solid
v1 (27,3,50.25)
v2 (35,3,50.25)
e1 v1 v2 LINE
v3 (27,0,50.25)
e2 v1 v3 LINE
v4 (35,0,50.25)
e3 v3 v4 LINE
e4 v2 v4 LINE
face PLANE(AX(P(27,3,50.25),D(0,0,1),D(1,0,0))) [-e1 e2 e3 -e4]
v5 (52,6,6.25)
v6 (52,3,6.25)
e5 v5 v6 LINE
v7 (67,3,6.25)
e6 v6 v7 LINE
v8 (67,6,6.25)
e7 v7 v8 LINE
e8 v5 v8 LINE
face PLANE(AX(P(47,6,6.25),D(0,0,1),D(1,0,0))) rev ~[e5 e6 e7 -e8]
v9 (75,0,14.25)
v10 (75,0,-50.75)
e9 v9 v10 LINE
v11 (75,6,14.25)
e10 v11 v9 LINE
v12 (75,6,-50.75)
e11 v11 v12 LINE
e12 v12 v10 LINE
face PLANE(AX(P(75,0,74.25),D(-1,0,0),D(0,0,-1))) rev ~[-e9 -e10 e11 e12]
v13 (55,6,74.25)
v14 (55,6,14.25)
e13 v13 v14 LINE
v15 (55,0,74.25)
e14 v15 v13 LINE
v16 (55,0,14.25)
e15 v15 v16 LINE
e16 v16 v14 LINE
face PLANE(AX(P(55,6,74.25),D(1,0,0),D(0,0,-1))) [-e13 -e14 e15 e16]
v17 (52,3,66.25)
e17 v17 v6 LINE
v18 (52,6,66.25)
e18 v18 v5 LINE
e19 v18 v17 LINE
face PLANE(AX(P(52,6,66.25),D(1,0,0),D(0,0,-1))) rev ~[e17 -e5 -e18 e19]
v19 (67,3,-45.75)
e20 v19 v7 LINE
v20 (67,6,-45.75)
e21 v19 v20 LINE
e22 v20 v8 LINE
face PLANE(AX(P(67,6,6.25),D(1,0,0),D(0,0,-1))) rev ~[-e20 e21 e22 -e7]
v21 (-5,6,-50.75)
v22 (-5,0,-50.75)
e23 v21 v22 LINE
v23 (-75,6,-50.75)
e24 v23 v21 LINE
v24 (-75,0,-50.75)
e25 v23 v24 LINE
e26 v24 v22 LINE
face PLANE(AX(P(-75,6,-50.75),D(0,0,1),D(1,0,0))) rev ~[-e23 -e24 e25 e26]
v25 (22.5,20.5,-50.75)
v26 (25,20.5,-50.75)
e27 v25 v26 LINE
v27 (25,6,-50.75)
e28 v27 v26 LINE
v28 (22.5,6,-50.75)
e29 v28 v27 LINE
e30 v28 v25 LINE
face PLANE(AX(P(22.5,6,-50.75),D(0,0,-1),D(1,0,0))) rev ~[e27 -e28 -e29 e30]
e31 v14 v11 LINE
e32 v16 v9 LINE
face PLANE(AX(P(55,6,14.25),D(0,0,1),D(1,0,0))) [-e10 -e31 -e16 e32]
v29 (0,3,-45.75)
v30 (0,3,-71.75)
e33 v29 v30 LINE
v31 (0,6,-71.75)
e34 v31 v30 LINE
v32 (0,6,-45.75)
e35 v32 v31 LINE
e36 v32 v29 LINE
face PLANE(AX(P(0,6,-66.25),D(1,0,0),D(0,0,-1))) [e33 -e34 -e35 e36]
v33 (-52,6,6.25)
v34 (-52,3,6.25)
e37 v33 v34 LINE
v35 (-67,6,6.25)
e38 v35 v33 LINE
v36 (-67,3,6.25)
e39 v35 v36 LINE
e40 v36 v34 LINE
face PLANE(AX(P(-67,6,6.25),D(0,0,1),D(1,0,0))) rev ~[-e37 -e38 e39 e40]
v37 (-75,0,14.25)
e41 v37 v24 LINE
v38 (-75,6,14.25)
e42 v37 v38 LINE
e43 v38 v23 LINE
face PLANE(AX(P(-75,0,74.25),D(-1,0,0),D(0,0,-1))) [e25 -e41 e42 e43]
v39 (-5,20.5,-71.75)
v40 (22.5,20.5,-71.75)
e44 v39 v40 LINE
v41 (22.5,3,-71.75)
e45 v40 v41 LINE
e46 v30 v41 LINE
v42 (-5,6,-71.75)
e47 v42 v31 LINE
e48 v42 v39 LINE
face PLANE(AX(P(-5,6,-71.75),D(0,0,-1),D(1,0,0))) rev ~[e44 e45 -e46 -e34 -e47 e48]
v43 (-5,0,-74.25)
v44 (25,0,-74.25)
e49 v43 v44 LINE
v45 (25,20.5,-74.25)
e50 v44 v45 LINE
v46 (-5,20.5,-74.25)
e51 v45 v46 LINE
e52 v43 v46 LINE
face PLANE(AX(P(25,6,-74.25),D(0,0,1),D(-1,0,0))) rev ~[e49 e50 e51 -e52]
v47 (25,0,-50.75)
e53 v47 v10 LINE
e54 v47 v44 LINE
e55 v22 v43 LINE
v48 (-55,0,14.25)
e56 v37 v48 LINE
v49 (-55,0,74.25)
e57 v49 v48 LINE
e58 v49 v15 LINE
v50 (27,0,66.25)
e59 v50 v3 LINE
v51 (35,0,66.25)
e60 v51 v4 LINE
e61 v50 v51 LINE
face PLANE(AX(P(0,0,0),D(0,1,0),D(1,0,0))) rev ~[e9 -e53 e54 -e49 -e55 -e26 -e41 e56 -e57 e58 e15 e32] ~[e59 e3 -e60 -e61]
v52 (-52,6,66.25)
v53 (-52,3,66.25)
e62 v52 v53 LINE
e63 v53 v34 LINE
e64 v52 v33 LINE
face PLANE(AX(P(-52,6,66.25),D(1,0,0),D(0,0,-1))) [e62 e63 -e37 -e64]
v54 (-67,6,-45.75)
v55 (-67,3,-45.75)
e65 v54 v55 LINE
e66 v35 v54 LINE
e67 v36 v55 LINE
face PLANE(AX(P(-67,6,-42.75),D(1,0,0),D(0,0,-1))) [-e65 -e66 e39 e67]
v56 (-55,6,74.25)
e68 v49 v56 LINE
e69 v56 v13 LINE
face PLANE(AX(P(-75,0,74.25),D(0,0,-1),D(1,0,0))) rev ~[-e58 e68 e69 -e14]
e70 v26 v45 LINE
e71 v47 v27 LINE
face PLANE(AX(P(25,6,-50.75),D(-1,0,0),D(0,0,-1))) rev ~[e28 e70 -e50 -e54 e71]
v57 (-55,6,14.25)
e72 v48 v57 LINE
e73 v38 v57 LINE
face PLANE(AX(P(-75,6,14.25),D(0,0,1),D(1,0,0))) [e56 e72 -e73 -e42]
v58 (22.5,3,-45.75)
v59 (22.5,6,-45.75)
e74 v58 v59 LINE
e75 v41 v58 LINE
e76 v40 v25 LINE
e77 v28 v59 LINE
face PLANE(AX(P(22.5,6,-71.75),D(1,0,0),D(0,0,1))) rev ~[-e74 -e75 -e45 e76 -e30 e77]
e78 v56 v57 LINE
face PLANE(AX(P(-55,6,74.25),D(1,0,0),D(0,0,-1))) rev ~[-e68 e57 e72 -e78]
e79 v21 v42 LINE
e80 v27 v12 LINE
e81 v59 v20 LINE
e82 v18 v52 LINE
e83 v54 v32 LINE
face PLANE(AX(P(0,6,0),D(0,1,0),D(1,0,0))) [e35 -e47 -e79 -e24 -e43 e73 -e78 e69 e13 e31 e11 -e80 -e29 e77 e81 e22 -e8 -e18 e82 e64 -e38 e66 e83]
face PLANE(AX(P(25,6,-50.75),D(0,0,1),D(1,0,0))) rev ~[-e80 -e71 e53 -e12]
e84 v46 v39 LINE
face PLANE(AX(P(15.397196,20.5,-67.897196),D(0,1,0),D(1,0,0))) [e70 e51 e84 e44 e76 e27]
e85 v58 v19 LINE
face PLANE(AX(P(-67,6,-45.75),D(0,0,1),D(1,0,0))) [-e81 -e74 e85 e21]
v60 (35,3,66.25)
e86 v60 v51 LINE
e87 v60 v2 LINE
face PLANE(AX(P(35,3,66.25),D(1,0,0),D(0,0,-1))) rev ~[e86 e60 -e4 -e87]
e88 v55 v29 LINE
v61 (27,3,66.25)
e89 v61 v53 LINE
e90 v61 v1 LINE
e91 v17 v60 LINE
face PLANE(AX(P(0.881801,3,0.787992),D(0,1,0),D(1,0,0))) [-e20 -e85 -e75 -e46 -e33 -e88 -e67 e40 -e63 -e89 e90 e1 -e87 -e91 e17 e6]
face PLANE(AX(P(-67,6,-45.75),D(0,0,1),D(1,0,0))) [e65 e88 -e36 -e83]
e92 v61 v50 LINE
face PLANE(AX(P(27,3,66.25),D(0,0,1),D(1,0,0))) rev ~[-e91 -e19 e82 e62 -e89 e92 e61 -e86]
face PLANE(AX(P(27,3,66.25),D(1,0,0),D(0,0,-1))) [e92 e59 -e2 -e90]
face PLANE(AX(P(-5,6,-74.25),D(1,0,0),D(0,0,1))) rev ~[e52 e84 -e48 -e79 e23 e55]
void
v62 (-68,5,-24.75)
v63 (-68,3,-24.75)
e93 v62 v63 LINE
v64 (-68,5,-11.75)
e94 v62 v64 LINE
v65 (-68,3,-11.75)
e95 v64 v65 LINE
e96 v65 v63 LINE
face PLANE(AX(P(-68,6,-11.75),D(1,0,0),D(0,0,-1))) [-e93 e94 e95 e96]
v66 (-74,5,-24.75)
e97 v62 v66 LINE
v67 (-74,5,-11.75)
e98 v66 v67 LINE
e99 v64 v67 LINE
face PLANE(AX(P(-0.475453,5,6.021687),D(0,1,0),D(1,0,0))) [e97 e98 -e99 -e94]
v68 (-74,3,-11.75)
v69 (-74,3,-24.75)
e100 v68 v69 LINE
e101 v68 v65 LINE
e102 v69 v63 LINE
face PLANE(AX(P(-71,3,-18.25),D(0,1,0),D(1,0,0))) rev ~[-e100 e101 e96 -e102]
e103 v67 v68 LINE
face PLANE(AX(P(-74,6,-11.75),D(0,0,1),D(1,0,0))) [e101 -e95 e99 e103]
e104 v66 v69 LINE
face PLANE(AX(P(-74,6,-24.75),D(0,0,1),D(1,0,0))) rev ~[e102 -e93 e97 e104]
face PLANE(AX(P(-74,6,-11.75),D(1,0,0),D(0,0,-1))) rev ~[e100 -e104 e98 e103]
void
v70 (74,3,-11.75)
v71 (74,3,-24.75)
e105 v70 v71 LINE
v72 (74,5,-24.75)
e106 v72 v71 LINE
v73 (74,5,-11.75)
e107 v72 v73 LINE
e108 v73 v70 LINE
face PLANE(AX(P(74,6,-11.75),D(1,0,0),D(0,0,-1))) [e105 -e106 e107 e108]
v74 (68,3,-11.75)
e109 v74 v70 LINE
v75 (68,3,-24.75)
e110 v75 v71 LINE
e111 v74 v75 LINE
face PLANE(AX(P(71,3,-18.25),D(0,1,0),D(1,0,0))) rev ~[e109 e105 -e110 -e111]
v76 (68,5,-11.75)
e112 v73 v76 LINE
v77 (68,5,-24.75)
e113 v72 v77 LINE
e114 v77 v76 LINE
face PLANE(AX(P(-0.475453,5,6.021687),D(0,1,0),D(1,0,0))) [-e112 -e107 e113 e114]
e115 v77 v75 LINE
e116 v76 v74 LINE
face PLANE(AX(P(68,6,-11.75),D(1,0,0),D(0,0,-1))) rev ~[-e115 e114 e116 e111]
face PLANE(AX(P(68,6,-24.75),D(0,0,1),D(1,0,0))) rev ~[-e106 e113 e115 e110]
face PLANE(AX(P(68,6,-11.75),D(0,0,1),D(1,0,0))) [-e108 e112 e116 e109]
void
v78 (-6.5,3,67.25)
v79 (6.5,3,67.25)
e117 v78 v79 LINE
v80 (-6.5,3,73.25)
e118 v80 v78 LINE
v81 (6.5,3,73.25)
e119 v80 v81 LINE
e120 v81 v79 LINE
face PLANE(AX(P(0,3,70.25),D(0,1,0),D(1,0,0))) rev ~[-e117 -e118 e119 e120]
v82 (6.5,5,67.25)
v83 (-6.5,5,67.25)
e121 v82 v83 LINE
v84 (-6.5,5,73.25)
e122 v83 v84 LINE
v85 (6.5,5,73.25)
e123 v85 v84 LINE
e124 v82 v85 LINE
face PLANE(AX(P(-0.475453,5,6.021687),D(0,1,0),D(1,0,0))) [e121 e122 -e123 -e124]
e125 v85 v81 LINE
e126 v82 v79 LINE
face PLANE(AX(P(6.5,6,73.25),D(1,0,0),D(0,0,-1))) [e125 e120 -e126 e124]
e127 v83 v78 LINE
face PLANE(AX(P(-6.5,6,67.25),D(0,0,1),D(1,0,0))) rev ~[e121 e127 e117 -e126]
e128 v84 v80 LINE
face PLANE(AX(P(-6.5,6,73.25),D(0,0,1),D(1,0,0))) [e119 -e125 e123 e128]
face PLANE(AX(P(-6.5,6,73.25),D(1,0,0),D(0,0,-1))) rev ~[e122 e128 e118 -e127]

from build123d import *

# Parameters (mm, degrees)
CROQUIS1_W              = 150
CROQUIS1_H              = 148.5
SALIENTE_EXTRUIR1_DEPTH = 6
CROQUIS2_W              = 50
CROQUIS2_H              = 23.5
CROQUIS2_W_2            = 70
CROQUIS2_W_3            = 20
CROQUIS2_H_2            = 60
CORTAR_EXTRUIR2_DEPTH   = 8
CORTAR_EXTRUIR3_DEPTH   = 3
CROQUIS4_W              = 134
CROQUIS4_H              = 3
CROQUIS4_W_2            = 5
CROQUIS4_H_2            = 60
CROQUIS4_W_3            = 22.5
CROQUIS4_H_3            = 5.5
CORTAR_EXTRUIR4_DEPTH   = 3
CROQUIS5_W              = 3
CROQUIS5_H              = 20.5
CROQUIS5_W_2            = 5.5
CORTAR_EXTRUIR5_DEPTH   = 3
SALIENTE_EXTRUIR3_DEPTH = 14.5
CROQUIS8_W              = 6
CROQUIS8_H              = 13
CROQUIS8_W_2            = 13
CROQUIS8_H_2            = 6
CORTAR_EXTRUIR6_DEPTH   = 3
CROQUIS9_W              = 8
CROQUIS9_H              = 16
CORTAR_EXTRUIR7_DEPTH   = 107.978093552
SALIENTE_EXTRUIR4_DEPTH = 1


with BuildPart() as part:
    # Croquis1 → Saliente-Extruir1 (new body)
    with BuildSketch(Plane(origin=(0, 0, 0), x_dir=(1, 0, 0), z_dir=(0, 1, 0))):
        Rectangle(CROQUIS1_W, CROQUIS1_H)
    extrude(amount=SALIENTE_EXTRUIR1_DEPTH)

    # Croquis2 → Cortar-Extruir2 (cut)
    with BuildSketch(Plane(origin=(0, 6, 0), x_dir=(1, 0, 0), z_dir=(0, 1, 0))):
        with Locations((50, 62.5)):
            Rectangle(CROQUIS2_W, CROQUIS2_H)
        with Locations((-40, 62.5)):
            Rectangle(CROQUIS2_W_2, CROQUIS2_H)
        with Locations((-65, -44.25)):
            Rectangle(CROQUIS2_W_3, CROQUIS2_H_2)
        with Locations((65, -44.25)):
            Rectangle(CROQUIS2_W_3, CROQUIS2_H_2)
    extrude(amount=-CORTAR_EXTRUIR2_DEPTH, mode=Mode.SUBTRACT)

    # Croquis3 → Cortar-Extruir3 (cut)
    with BuildSketch(Plane(origin=(0, 6, 0), x_dir=(1, 0, 0), z_dir=(0, 1, 0))):
        Polygon((47, -6.25), (67, -6.25), (67, 42.75), (17, 42.75), (17, 66.25), (3, 66.25), (3, 42.75), (-67, 42.75), (-67, -6.25), (-47, -6.25), (-47, -66.25), (47, -66.25), align=None)
    extrude(amount=-CORTAR_EXTRUIR3_DEPTH, mode=Mode.SUBTRACT)

    # Croquis4 → Cortar-Extruir4 (cut)
    with BuildSketch(Plane(origin=(0, 6, 0), x_dir=(1, 0, 0), z_dir=(0, 1, 0))):
        with Locations((0, 44.25)):
            Rectangle(CROQUIS4_W, CROQUIS4_H)
        with Locations((-49.5, -36.25)):
            Rectangle(CROQUIS4_W_2, CROQUIS4_H_2)
        with Locations((49.5, -36.25)):
            Rectangle(CROQUIS4_W_2, CROQUIS4_H_2)
        with Locations((11.25, 69)):
            Rectangle(CROQUIS4_W_3, CROQUIS4_H_3)
    extrude(amount=-CORTAR_EXTRUIR4_DEPTH, mode=Mode.SUBTRACT)

    # Croquis5 → Cortar-Extruir5 (cut)
    with BuildSketch(Plane(origin=(0, 6, 0), x_dir=(1, 0, 0), z_dir=(0, 1, 0))):
        with Locations((1.5, 56)):
            Rectangle(CROQUIS5_W, CROQUIS5_H)
        with Locations((19.75, 56)):
            Rectangle(CROQUIS5_W_2, CROQUIS5_H)
    extrude(amount=-CORTAR_EXTRUIR5_DEPTH, mode=Mode.SUBTRACT)

    # Croquis7 → Saliente-Extruir3 (add)
    with BuildSketch(Plane(origin=(0, 6, 0), x_dir=(1, 0, 0), z_dir=(0, 1, 0))):
        Polygon((25, 50.75), (25, 74.25), (-5, 74.25), (-5, 71.75), (22.5, 71.75), (22.5, 50.75), align=None)
    extrude(amount=SALIENTE_EXTRUIR3_DEPTH)

    # Croquis8 → Cortar-Extruir6 (cut)
    with BuildSketch(Plane(origin=(0, 6, 0), x_dir=(1, 0, 0), z_dir=(0, 1, 0))):
        with Locations((-71, 18.25)):
            Rectangle(CROQUIS8_W, CROQUIS8_H)
        with Locations((71, 18.25)):
            Rectangle(CROQUIS8_W, CROQUIS8_H)
        with Locations((0, -70.25)):
            Rectangle(CROQUIS8_W_2, CROQUIS8_H_2)
    extrude(amount=-CORTAR_EXTRUIR6_DEPTH, mode=Mode.SUBTRACT)

    # Croquis9 → Cortar-Extruir7 (cut, through all)
    with BuildSketch(Plane(origin=(0, 3, 0), x_dir=(1, 0, 0), z_dir=(0, 1, 0))):
        with Locations((31, -58.25)):
            Rectangle(CROQUIS9_W, CROQUIS9_H)
    extrude(amount=-CORTAR_EXTRUIR7_DEPTH, mode=Mode.SUBTRACT)

    # Croquis10 → Saliente-Extruir4 (add)
    with BuildSketch(Plane(origin=(0, 6, 0), x_dir=(1, 0, 0), z_dir=(0, 1, 0))):
        Polygon((25, 50.75), (22.5, 50.75), (22.5, 45.75), (67, 45.75), (67, -6.25), (52, -6.25), (52, -66.25), (-52, -66.25), (-52, -6.25), (-67, -6.25), (-67, 45.75), (0, 45.75), (0, 71.75), (-5, 71.75), (-5, 50.75), (-75, 50.75), (-75, -14.25), (-55, -14.25), (-55, -74.25), (55, -74.25), (55, -14.25), (75, -14.25), (75, 50.75), align=None)
    extrude(amount=-SALIENTE_EXTRUIR4_DEPTH)


solid = part.part
